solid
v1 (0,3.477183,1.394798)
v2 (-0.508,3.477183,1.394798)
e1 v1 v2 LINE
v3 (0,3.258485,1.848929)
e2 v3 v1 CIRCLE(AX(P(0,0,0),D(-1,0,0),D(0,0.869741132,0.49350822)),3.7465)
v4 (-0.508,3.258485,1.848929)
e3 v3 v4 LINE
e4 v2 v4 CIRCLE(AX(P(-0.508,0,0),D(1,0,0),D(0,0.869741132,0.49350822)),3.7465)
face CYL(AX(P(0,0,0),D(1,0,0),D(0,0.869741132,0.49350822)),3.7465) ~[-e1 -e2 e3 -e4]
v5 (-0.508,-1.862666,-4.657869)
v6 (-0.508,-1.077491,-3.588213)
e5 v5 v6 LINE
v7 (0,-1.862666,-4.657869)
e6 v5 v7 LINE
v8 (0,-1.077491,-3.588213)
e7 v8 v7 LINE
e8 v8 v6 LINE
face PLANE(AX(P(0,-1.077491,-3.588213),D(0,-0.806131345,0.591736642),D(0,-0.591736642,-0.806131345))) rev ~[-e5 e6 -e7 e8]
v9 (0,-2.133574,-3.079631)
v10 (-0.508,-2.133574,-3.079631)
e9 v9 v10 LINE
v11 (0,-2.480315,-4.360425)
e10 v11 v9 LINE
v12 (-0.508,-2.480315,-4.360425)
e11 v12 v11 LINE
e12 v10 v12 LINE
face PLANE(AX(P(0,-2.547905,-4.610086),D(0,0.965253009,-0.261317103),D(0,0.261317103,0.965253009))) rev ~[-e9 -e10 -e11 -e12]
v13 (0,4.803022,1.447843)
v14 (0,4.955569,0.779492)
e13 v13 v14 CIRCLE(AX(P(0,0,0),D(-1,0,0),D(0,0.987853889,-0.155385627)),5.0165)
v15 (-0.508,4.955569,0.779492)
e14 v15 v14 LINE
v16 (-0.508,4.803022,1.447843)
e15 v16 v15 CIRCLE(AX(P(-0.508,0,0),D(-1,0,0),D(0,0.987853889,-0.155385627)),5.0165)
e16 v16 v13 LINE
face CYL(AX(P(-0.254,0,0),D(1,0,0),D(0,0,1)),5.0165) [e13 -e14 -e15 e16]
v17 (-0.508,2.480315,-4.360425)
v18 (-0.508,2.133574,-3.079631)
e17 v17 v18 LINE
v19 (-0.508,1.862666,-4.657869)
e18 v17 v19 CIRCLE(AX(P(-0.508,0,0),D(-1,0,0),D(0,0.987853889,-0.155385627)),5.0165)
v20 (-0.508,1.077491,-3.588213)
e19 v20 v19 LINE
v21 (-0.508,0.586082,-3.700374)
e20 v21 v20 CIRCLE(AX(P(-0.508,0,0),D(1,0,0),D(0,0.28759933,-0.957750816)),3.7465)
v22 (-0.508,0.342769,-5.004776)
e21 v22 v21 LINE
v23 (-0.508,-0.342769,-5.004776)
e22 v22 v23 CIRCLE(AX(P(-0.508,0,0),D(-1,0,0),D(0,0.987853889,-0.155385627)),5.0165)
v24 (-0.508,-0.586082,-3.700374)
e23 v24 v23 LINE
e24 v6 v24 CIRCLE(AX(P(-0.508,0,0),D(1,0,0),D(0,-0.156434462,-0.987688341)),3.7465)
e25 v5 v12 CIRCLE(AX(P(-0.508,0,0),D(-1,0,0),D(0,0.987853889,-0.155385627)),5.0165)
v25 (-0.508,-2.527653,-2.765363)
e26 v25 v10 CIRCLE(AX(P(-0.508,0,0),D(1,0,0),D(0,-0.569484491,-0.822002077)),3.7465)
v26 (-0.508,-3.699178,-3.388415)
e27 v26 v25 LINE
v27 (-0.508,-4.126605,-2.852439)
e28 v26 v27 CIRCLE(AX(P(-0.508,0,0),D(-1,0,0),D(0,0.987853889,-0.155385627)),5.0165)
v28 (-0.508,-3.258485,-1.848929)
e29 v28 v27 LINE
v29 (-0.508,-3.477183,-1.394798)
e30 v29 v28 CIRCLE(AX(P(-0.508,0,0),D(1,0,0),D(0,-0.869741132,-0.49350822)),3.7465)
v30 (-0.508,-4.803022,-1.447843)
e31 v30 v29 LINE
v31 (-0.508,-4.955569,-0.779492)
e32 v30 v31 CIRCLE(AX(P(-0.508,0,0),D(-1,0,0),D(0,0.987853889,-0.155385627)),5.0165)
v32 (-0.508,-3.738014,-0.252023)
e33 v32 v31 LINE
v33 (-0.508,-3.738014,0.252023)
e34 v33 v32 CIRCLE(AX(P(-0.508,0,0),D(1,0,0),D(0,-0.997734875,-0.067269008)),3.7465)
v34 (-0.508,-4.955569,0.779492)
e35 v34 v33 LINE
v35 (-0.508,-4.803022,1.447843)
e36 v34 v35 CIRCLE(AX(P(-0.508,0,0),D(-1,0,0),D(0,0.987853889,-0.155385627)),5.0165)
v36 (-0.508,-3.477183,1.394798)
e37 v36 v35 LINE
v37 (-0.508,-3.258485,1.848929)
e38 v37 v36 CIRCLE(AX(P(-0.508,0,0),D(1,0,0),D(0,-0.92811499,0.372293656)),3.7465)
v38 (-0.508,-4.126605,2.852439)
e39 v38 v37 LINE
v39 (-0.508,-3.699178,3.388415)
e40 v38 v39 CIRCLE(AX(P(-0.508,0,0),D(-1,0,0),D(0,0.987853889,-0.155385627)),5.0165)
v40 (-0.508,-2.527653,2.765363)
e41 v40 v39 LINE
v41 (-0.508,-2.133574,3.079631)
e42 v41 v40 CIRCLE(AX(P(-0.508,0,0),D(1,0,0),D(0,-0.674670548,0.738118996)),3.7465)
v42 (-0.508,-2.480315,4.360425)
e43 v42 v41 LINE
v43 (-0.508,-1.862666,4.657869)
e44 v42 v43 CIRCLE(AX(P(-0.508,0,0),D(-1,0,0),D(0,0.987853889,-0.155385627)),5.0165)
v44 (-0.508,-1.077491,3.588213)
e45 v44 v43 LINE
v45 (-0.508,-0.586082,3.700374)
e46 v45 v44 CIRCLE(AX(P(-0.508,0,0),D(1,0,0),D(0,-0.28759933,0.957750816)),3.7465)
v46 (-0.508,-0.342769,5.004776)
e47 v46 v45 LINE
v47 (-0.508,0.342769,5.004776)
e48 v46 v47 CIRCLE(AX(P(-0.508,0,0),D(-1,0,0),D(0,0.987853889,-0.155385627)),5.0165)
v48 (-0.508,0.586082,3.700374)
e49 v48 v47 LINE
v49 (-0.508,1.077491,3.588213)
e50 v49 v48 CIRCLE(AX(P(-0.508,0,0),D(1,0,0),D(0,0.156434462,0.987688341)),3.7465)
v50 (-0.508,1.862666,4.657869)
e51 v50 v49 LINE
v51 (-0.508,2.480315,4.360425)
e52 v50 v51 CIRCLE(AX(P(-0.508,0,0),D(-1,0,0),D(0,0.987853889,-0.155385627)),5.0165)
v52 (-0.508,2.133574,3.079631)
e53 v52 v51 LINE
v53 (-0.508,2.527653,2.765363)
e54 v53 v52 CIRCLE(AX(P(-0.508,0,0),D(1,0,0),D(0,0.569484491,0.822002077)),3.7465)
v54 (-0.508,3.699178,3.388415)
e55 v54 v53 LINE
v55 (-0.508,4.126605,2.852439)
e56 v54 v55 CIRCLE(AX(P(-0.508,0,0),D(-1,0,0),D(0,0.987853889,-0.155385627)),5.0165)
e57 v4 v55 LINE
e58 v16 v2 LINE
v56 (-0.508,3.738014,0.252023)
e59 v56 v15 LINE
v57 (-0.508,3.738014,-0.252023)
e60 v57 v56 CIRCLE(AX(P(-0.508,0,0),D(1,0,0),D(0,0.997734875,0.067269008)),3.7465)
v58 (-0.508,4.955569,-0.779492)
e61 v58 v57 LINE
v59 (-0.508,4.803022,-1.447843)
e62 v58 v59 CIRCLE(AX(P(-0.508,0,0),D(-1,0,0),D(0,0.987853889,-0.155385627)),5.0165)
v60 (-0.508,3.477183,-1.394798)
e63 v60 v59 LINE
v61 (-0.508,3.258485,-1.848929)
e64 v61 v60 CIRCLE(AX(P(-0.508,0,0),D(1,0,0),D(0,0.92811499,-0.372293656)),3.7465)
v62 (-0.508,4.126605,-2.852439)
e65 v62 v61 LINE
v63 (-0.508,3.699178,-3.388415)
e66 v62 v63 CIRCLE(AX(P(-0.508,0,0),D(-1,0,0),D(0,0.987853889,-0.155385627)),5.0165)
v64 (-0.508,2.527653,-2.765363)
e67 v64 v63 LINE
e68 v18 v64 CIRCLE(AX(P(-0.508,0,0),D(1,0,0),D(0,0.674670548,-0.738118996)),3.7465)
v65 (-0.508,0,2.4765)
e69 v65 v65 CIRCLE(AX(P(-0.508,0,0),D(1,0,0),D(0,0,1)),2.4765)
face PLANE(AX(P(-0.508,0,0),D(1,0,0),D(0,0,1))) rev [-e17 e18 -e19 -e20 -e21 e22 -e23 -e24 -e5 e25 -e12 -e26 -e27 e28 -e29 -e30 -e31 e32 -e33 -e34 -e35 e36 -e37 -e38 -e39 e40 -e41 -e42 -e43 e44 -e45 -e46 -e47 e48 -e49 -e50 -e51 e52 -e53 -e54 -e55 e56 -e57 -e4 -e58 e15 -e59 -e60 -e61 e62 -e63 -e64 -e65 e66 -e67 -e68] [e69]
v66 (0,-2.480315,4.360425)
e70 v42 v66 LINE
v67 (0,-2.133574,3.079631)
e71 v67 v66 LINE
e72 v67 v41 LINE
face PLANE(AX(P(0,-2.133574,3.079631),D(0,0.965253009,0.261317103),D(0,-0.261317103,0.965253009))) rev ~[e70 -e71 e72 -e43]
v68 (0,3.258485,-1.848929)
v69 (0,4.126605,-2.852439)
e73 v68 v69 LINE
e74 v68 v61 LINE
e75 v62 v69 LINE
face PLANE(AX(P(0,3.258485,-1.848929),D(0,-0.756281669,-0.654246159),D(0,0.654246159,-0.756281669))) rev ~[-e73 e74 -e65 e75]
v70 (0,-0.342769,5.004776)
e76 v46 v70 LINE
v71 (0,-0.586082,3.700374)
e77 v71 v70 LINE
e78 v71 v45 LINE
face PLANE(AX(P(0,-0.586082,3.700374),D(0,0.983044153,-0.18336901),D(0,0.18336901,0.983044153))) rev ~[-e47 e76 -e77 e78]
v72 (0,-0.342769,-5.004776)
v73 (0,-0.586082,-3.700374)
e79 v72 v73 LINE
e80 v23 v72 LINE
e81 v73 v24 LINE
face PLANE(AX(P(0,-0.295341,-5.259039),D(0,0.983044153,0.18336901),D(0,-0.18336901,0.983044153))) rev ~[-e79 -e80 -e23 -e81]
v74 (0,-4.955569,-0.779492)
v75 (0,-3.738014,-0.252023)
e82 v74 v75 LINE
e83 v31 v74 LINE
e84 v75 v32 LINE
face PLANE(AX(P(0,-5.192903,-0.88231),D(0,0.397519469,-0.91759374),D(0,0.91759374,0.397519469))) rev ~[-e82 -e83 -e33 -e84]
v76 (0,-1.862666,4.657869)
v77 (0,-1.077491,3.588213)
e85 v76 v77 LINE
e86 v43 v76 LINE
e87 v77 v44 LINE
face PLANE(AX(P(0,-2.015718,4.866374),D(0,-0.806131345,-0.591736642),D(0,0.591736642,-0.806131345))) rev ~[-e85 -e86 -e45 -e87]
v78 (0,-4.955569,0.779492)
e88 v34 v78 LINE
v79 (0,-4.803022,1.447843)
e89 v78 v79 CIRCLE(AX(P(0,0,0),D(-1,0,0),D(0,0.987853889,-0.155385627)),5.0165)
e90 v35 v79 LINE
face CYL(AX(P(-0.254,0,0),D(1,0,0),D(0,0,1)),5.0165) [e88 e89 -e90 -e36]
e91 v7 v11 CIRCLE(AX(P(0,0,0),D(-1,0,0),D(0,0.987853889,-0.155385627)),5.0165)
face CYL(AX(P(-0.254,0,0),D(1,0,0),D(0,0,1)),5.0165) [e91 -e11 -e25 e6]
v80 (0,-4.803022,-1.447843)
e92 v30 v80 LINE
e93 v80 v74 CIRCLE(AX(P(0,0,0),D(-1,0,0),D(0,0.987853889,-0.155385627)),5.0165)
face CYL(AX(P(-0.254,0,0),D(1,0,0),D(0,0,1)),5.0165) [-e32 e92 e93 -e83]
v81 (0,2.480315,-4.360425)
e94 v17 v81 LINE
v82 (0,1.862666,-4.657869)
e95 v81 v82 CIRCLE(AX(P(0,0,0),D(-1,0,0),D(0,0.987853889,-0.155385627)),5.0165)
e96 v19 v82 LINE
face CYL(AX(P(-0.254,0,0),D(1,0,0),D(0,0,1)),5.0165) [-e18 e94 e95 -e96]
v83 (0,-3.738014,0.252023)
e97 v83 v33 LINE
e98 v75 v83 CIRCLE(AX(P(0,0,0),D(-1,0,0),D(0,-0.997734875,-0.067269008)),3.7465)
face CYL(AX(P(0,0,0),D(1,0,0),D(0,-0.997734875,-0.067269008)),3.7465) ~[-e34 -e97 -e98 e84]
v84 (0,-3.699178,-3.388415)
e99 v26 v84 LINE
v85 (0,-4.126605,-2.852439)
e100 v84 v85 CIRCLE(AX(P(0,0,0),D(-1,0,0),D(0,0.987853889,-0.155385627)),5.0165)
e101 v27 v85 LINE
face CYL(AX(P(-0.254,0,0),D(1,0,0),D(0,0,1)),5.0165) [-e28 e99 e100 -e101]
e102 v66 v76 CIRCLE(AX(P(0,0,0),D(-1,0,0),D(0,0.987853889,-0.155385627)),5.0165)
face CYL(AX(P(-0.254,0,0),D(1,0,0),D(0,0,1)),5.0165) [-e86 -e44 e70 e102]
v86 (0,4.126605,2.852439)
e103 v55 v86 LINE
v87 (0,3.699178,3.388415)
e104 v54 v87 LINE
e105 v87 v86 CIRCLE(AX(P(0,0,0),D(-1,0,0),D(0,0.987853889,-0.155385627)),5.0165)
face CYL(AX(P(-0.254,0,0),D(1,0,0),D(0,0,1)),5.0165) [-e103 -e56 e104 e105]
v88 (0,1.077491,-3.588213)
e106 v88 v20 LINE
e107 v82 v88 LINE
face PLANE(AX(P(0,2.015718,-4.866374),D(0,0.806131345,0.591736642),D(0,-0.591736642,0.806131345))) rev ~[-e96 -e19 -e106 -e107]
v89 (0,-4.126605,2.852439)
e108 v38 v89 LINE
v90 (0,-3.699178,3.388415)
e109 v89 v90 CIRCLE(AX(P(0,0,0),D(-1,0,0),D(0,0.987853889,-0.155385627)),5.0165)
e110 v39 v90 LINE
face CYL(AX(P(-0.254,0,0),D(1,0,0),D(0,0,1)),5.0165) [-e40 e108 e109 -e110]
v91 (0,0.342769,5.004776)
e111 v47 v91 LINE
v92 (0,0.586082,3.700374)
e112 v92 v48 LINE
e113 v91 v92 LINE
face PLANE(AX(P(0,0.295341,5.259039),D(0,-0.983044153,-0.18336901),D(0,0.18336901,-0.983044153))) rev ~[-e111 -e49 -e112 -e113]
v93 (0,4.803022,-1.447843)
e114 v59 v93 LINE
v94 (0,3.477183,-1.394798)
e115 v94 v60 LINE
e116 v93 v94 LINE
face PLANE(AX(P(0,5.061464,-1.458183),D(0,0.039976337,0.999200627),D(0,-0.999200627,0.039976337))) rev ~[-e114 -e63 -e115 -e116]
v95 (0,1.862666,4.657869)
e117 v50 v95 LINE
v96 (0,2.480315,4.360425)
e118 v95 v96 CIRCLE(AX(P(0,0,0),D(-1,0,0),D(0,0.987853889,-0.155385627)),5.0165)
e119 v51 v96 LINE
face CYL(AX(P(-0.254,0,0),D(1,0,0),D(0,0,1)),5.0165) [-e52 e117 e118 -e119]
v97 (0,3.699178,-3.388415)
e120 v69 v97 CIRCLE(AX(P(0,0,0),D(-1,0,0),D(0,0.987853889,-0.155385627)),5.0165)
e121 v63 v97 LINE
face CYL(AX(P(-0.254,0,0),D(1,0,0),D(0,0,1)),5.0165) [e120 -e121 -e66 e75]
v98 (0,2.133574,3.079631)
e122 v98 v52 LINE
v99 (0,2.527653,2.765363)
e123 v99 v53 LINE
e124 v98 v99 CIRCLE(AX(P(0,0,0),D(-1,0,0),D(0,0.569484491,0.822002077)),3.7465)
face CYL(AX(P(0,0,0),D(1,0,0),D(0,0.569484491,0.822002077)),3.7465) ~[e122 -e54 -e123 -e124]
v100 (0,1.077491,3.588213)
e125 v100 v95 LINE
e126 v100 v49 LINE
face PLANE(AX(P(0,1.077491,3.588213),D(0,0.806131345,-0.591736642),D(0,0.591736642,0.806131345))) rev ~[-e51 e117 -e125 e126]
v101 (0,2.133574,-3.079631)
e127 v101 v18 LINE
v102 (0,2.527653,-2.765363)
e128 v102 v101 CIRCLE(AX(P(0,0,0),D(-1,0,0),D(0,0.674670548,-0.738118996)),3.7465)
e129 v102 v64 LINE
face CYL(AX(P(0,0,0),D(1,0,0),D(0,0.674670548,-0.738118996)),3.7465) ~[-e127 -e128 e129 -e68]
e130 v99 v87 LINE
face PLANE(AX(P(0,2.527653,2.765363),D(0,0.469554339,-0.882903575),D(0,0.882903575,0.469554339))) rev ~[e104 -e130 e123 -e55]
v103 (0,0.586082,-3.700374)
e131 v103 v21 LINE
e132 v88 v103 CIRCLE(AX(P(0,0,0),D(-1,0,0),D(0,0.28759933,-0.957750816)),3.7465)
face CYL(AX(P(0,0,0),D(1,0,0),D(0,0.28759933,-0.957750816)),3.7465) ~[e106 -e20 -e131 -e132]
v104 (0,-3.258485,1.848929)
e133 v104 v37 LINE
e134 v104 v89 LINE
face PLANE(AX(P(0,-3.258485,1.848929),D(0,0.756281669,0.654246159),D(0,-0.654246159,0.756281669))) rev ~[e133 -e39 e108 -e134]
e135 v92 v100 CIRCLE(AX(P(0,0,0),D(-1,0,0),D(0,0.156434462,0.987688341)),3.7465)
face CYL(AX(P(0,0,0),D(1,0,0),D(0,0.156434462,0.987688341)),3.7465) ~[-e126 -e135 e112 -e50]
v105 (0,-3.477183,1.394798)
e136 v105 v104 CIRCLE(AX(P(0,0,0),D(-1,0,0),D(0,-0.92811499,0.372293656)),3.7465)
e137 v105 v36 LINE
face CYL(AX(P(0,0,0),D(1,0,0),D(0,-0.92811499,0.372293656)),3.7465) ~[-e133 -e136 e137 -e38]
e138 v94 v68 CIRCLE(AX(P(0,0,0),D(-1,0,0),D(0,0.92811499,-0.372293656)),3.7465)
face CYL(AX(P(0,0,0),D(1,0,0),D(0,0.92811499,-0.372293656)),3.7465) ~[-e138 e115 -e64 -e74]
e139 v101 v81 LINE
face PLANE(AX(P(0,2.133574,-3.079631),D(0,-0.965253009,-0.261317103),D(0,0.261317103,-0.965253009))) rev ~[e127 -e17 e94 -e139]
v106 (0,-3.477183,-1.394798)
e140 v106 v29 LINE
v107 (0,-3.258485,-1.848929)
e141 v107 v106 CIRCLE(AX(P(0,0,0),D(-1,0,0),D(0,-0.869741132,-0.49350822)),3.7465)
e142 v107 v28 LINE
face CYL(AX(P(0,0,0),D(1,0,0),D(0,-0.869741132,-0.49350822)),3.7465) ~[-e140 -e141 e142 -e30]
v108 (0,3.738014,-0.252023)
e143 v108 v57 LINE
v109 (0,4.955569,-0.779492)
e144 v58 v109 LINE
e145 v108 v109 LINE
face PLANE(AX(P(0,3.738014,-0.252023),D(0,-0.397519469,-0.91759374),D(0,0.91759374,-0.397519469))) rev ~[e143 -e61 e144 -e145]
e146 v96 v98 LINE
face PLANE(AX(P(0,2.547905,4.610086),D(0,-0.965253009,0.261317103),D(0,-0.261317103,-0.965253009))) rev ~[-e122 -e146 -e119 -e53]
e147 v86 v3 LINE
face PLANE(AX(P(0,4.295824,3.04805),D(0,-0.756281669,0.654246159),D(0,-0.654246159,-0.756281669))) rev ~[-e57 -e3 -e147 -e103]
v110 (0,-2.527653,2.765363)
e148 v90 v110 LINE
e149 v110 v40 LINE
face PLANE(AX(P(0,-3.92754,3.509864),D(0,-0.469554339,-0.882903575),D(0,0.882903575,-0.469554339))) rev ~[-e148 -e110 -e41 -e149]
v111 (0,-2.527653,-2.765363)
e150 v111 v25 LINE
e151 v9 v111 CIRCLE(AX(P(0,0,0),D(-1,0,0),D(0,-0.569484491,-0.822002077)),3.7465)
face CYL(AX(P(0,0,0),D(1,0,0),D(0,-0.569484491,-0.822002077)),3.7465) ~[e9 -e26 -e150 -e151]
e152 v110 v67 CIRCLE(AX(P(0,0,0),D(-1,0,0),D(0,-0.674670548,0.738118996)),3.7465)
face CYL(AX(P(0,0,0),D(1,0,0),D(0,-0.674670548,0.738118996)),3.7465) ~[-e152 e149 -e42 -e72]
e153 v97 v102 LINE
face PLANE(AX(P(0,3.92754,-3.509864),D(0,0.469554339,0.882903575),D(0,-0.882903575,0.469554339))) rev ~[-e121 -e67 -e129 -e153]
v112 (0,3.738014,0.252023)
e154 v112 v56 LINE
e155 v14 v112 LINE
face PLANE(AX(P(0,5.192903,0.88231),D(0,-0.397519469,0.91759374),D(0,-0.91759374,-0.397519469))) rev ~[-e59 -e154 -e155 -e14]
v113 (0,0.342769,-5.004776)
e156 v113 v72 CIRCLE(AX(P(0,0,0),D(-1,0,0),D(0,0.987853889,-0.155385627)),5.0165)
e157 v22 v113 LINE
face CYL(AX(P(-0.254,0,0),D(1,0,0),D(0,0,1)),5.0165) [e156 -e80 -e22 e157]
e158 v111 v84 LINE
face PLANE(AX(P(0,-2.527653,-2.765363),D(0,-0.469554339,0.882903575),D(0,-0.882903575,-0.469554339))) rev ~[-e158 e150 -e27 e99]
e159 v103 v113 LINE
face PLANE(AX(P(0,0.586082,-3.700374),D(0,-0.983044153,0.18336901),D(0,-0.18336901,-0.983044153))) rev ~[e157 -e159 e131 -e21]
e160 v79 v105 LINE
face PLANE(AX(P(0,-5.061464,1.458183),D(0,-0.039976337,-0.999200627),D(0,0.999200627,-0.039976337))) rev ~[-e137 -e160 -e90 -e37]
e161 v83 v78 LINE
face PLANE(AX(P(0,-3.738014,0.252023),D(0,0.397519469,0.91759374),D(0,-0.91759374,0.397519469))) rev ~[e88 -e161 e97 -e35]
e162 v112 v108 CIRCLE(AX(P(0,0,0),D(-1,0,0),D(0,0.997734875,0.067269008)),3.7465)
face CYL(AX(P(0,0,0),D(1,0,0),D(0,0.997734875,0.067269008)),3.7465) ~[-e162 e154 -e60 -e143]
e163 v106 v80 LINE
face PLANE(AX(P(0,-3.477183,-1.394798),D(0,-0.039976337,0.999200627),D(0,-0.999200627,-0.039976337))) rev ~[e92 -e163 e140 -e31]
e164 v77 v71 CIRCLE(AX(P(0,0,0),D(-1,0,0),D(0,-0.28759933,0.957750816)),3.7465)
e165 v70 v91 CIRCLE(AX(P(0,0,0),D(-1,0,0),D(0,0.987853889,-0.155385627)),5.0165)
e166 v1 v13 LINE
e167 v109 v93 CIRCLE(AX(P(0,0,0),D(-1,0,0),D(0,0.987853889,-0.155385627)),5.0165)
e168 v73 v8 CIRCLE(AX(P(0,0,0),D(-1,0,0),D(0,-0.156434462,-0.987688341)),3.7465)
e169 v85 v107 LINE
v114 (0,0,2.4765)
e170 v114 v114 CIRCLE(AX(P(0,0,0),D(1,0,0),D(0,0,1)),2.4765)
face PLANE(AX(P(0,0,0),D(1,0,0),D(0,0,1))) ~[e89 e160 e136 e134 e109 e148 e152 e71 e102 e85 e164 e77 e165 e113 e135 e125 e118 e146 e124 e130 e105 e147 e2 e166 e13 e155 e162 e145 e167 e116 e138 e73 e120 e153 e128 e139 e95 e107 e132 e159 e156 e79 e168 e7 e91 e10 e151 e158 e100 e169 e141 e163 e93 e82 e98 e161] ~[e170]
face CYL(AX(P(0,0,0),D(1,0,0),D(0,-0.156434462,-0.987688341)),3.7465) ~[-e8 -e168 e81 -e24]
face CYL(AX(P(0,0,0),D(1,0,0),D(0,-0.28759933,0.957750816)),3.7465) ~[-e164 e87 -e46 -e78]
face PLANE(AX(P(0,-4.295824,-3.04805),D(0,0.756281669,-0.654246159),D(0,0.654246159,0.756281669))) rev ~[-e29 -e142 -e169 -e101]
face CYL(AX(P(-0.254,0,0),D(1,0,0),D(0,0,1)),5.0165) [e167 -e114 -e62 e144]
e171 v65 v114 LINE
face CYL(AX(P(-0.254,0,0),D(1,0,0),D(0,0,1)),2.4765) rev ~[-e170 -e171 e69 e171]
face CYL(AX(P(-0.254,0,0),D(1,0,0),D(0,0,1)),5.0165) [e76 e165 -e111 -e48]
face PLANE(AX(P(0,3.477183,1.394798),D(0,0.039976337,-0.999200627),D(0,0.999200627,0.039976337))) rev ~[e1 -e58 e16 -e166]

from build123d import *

# Parameters (mm, degrees)
SECSKE_W      = 0.508
SECSKE_H      = 2.54
EXTCUT_DEPTH  = 8.112566942
EXTCUTS_COUNT = 14


with BuildPart() as part:
    # SecSke → Body (revolve)
    with BuildSketch(Plane.XY, mode=Mode.PRIVATE) as body_sk:
        with Locations((-0.254, 3.7465)):
            Rectangle(SECSKE_W, SECSKE_H)
    revolve(body_sk.sketch.rotate(Axis((-34.925, 0, 0), (1, 0, 0)), 90), axis=Axis((-34.925, 0, 0), (1, 0, 0)))

    # ExtCutSke → ExtCut (cut, through all)
    with BuildSketch(Plane(origin=(0, 0, 0), x_dir=(0, 0, -1), z_dir=(1, 0, 0))):
        with BuildLine():
            Line((-0.882309718, 5.192903063), (-0.25202333, 3.738013709))
            ThreePointArc((-0.25202333, 3.738013709), (0, 3.7465), (0.25202333, 3.738013709))
            Line((0.25202333, 3.738013709), (0.882309718, 5.192903063))
            ThreePointArc((0.882309718, 5.192903063), (0, 5.267325), (-0.882309718, 5.192903063))
        make_face()
    extcut = extrude(amount=-EXTCUT_DEPTH, mode=Mode.SUBTRACT)

    # ExtCuts: ExtCut ×14 about axis
    extcuts_axis = Axis((0, 0, 0), (1, 0, 0))
    for i in range(1, EXTCUTS_COUNT):
        add(extcut.rotate(extcuts_axis, i * 360 / EXTCUTS_COUNT), mode=Mode.SUBTRACT)


solid = part.part
